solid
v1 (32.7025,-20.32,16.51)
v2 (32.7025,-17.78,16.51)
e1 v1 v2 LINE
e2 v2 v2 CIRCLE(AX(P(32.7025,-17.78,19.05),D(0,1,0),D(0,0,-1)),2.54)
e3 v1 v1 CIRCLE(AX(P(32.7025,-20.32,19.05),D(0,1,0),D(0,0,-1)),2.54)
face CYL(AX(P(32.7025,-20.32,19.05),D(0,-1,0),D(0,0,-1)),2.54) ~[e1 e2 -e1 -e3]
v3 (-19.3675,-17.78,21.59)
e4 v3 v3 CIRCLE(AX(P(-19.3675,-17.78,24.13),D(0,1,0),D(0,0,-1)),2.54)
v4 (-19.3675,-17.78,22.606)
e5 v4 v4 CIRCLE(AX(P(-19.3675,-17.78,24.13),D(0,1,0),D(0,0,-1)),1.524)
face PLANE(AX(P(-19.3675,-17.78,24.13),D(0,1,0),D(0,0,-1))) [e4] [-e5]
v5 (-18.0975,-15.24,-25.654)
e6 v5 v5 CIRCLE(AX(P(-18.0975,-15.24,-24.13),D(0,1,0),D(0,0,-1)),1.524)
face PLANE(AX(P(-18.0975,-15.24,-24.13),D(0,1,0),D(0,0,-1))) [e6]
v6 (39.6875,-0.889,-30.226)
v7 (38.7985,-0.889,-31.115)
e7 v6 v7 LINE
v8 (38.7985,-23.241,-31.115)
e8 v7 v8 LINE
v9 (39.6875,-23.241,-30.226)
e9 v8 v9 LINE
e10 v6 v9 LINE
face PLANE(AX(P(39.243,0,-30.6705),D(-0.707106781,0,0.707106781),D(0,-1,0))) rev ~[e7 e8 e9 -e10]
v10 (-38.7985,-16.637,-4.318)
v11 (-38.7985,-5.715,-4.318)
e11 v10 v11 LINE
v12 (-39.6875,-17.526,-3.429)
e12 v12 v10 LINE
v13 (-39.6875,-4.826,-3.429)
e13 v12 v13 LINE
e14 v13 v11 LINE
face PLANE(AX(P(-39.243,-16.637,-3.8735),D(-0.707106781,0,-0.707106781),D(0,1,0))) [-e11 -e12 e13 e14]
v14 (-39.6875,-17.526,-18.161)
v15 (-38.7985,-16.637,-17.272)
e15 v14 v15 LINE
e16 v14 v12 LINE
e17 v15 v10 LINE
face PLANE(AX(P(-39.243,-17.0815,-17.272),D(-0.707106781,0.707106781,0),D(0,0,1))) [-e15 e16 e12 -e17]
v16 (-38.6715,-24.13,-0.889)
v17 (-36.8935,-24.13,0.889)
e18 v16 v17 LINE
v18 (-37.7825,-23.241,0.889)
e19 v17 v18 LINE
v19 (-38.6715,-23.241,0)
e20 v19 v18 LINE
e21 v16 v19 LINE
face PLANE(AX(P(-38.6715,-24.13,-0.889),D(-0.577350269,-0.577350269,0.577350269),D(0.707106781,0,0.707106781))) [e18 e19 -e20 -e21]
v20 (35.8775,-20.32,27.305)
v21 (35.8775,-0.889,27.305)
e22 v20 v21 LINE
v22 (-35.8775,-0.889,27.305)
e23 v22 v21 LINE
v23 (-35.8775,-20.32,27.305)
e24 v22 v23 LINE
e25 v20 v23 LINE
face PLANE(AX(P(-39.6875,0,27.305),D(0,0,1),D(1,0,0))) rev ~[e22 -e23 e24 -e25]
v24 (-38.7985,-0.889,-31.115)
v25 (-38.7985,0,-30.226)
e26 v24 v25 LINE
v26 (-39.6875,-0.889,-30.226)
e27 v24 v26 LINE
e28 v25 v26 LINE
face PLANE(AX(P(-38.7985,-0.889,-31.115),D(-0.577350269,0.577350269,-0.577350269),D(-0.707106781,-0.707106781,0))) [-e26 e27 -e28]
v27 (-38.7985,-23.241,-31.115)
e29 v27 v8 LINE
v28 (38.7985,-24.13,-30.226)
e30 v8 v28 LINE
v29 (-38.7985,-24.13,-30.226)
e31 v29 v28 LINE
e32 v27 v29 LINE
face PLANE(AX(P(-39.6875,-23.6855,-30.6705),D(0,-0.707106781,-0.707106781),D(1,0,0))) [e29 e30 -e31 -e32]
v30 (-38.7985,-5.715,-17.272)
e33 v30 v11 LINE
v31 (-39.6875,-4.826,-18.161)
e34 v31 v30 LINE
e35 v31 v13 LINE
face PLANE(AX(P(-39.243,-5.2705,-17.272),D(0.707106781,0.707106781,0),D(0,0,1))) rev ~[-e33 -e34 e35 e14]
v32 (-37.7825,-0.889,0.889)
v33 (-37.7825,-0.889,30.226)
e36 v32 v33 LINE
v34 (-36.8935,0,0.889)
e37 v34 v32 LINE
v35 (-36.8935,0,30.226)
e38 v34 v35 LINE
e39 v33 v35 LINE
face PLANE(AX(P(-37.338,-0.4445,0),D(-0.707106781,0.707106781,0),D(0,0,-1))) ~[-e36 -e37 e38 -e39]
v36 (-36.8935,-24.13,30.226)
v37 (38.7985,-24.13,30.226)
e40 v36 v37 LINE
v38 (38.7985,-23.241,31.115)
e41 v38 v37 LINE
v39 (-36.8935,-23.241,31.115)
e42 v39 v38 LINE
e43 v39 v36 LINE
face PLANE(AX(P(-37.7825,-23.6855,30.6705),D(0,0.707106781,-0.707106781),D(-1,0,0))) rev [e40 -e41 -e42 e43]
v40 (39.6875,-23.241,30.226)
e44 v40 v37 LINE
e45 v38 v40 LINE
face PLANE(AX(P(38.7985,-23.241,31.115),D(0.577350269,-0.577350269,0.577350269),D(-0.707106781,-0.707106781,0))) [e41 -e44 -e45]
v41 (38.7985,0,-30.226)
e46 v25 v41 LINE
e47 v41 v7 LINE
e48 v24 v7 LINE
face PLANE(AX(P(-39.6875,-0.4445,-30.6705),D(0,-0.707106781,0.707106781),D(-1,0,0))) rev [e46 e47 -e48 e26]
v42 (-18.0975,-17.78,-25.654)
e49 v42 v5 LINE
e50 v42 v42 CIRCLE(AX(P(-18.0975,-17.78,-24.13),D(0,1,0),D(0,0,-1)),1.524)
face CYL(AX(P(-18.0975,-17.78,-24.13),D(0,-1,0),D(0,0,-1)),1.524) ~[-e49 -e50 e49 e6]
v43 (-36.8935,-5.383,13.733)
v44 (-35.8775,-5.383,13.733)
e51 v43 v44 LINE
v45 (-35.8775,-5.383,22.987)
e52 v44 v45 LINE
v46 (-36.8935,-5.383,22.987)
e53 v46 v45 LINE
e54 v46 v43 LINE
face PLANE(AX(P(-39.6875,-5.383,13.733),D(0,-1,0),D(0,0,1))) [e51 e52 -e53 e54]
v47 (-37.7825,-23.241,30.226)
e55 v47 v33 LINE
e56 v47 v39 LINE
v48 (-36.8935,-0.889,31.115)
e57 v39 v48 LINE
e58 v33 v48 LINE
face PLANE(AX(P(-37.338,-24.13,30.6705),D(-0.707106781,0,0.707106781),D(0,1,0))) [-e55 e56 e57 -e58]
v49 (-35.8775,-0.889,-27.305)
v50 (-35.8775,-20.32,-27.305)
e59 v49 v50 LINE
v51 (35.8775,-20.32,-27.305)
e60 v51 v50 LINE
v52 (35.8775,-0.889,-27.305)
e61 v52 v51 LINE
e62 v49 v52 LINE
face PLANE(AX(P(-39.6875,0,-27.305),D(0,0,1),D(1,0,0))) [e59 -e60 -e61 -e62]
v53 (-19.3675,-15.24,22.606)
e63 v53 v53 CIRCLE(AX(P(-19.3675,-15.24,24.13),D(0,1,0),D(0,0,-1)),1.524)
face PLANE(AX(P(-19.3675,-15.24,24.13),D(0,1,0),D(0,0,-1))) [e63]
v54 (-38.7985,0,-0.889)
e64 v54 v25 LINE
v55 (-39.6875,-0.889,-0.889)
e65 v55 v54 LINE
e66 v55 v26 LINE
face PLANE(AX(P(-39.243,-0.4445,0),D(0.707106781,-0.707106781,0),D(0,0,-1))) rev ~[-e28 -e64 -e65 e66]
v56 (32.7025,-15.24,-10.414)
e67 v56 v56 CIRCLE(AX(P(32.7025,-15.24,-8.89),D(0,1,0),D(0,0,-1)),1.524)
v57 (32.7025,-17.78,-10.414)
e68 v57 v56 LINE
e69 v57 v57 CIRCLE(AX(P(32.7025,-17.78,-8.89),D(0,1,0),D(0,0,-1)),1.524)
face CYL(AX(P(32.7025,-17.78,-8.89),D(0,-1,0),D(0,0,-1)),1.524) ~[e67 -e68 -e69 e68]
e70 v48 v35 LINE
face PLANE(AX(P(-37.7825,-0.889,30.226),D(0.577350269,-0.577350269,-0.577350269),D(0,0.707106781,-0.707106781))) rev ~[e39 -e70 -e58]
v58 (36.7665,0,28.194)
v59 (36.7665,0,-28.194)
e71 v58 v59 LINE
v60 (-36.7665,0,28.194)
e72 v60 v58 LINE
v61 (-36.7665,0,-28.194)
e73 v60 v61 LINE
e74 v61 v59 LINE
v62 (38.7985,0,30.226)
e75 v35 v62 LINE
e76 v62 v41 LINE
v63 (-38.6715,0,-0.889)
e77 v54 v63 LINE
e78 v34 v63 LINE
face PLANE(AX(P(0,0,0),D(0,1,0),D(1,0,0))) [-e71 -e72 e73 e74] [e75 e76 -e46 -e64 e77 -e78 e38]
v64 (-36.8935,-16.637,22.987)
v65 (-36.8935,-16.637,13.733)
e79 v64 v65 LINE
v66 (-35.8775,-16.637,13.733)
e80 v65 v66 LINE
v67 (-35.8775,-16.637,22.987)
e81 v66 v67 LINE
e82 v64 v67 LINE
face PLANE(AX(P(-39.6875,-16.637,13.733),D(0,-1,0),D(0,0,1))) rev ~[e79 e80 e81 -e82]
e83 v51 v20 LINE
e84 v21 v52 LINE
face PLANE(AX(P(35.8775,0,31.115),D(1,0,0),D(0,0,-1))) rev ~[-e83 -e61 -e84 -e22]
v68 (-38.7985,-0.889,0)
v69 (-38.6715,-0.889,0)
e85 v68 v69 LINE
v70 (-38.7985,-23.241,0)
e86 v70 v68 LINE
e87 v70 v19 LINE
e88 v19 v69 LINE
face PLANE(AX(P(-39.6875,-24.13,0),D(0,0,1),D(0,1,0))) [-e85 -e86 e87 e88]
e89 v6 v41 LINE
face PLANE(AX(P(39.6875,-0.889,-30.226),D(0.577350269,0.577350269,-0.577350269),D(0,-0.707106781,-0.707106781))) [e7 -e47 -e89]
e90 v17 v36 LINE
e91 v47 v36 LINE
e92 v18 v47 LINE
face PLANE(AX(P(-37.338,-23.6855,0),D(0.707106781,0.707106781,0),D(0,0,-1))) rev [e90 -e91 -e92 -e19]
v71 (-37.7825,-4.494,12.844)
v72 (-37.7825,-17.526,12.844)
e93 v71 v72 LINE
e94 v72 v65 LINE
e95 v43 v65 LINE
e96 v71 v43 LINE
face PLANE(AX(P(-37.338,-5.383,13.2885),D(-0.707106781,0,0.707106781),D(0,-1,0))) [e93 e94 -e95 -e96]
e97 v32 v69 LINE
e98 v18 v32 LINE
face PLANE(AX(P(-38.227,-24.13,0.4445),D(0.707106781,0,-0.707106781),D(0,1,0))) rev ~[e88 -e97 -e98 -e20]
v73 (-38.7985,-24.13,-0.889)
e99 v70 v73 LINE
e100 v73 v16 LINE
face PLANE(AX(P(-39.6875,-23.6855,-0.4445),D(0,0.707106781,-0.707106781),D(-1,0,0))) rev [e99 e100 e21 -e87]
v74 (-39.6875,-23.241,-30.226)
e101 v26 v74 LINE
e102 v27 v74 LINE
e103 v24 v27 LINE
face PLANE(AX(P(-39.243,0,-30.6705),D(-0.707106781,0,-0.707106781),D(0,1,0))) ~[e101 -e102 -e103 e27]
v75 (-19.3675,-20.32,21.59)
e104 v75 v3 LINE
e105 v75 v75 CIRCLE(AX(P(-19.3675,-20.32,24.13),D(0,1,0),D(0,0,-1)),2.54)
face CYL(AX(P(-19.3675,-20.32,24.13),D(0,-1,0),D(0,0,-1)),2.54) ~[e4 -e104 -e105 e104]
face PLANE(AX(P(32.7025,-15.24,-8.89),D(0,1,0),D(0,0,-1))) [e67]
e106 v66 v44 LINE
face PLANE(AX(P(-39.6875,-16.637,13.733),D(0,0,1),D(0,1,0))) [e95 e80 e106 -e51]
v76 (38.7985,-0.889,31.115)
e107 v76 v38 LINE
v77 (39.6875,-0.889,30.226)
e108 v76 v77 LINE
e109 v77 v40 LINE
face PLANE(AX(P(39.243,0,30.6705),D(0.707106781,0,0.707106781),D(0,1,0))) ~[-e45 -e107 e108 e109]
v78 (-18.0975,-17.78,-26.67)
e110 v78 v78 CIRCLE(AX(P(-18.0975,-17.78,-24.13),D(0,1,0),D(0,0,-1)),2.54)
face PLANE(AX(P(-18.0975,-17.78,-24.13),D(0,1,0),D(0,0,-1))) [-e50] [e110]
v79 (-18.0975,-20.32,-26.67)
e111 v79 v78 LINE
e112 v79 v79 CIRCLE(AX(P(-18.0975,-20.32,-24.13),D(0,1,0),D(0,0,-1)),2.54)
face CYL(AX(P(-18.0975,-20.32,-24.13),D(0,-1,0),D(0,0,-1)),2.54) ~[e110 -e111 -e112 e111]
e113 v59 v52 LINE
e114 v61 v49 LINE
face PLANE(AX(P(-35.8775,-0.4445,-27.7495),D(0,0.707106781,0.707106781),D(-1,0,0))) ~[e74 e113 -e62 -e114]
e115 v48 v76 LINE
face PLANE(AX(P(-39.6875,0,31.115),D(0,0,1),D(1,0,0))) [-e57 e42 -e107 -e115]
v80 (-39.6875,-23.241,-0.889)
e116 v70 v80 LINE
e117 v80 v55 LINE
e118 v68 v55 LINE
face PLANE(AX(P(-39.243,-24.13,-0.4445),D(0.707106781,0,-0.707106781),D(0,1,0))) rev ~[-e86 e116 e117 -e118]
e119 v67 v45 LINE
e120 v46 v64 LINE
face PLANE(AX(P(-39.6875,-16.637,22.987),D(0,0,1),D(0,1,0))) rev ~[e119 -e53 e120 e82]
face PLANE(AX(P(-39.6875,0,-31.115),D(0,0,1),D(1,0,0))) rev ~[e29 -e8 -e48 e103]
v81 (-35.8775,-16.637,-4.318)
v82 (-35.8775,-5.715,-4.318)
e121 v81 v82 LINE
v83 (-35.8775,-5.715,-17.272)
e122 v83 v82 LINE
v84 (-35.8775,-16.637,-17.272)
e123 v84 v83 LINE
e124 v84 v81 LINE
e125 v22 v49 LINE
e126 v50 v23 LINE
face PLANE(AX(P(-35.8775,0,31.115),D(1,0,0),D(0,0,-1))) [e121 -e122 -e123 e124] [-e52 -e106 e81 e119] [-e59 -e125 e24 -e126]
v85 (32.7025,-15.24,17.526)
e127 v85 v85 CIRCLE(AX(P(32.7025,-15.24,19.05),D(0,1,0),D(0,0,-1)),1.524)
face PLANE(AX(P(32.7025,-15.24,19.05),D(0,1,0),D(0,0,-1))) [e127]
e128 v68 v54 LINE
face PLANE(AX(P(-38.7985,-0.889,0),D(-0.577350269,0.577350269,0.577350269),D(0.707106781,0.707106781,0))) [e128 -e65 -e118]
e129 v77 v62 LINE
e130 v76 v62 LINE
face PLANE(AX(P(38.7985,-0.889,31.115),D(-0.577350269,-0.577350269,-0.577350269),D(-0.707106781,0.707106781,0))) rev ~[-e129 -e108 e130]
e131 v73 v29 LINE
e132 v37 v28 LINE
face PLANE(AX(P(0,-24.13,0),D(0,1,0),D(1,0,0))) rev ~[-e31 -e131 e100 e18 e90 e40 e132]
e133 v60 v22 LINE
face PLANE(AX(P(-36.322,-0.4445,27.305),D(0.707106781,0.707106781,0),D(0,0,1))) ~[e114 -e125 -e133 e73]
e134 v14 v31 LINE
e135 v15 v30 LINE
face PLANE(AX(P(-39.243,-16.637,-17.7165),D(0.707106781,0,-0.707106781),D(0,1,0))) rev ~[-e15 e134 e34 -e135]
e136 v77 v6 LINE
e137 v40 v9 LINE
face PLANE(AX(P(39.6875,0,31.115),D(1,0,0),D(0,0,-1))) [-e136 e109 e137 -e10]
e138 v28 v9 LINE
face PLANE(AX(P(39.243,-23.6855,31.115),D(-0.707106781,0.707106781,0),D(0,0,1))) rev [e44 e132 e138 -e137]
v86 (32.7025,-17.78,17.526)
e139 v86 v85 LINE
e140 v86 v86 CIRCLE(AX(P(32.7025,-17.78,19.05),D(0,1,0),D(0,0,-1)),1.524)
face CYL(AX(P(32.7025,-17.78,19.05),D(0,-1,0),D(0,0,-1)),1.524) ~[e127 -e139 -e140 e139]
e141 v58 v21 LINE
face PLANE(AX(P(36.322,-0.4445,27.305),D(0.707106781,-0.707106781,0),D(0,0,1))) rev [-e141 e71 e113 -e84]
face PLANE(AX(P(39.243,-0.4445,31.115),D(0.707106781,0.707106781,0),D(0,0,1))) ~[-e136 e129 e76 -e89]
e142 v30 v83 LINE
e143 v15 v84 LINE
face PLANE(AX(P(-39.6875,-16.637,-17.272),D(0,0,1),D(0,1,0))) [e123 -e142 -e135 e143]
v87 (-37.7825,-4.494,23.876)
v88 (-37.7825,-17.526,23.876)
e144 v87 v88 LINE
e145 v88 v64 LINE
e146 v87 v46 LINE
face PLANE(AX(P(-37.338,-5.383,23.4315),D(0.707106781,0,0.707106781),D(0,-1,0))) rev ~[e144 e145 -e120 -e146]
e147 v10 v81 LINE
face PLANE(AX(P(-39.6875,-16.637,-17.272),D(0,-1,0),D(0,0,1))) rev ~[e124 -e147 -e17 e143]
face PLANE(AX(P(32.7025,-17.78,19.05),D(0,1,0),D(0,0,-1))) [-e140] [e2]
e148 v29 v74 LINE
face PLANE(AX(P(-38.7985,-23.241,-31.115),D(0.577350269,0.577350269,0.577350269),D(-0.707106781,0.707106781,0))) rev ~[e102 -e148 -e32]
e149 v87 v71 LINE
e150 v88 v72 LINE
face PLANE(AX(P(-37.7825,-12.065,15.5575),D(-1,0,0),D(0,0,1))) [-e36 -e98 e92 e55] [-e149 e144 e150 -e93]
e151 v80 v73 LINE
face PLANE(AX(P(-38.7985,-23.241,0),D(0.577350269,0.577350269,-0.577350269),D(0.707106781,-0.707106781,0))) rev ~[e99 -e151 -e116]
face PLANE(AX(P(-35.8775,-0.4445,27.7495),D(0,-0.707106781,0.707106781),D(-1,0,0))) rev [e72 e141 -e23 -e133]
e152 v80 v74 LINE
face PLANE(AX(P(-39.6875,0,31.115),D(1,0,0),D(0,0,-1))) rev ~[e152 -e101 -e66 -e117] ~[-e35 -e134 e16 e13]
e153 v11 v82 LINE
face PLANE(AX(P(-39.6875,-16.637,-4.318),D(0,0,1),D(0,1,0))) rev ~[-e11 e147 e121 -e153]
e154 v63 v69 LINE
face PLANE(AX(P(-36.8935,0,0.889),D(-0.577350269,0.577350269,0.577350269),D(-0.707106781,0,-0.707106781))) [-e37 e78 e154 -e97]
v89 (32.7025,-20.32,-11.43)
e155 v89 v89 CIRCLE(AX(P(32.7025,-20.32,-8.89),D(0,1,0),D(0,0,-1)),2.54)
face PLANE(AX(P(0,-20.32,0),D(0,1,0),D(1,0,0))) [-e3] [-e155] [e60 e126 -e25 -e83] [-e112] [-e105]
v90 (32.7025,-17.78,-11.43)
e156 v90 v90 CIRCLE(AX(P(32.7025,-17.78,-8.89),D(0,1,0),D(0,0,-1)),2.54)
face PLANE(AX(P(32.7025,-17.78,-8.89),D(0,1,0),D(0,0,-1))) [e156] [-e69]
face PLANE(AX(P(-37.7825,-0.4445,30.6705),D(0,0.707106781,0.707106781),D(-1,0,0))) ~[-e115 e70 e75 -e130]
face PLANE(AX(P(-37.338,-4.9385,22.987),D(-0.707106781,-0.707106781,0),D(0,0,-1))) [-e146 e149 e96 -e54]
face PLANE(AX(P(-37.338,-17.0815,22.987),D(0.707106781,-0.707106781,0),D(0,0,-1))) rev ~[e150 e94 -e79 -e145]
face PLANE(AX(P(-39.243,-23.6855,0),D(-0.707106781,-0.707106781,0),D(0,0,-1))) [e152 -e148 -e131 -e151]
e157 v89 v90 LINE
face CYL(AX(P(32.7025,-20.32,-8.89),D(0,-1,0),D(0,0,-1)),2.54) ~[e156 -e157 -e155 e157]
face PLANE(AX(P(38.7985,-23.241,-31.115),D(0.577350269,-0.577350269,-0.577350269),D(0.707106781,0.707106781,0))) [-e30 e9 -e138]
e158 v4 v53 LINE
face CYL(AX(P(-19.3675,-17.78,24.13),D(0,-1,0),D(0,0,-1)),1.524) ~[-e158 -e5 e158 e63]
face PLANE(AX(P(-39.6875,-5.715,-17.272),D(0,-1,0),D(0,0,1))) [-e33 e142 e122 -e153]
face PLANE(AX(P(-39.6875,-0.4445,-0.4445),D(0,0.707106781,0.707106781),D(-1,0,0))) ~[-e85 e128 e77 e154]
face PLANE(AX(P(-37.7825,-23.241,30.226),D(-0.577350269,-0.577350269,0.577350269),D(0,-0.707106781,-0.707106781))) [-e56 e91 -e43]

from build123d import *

# Parameters (mm, degrees)
SKETCH1_W           = 79.375
SKETCH1_H           = 62.23
BOSS_EXTRUDE1_DEPTH = 24.13
SHELL1_T            = -3.81
RISER_BASE_SKETCH_R = 2.54
BOSS_EXTRUDE3_DEPTH = 2.54
SKETCH9_R           = 1.524
BOSS_EXTRUDE4_DEPTH = 2.54
SKETCH10_W          = 12.954
SKETCH10_H          = 10.922
CUT_EXTRUDE1_DEPTH  = 3.81
SKETCH12_W          = 9.254
SKETCH12_H          = 11.254
CUT_EXTRUDE2_DEPTH  = 3.81
SKETCH13_W          = 31.115
SKETCH13_H          = 24.13
CUT_EXTRUDE3_DEPTH  = 1.905
CHAMFER1_SIZE       = 0.889


with BuildPart() as part:
    # Sketch1 → Boss-Extrude1 (new body)
    with BuildSketch(Plane(origin=(0, 0, 0), x_dir=(1, 0, 0), z_dir=(0, 1, 0))):
        Rectangle(SKETCH1_W, SKETCH1_H)
    extrude(amount=-BOSS_EXTRUDE1_DEPTH)

    # Shell1
    shell1_openings = [part.faces().sort_by_distance(p)[0] for p in [
        (0, 0, 0),
    ]]
    offset(amount=SHELL1_T, openings=shell1_openings, kind=Kind.INTERSECTION)

    # riser base sketch → Boss-Extrude3 (add)
    with BuildSketch(Plane(origin=(0, -20.32, 0), x_dir=(1, 0, 0), z_dir=(0, 1, 0))):
        with Locations(Location((32.7025, 8.89, 0), (0, 0, 90))):
            Circle(RISER_BASE_SKETCH_R)
        with Locations(Location((-18.0975, 24.13, 0), (0, 0, 90))):
            Circle(RISER_BASE_SKETCH_R)
        with Locations(Location((-19.3675, -24.13, 0), (0, 0, 90))):
            Circle(RISER_BASE_SKETCH_R)
        with Locations(Location((32.7025, -19.05, 0), (0, 0, 90))):
            Circle(RISER_BASE_SKETCH_R)
    extrude(amount=BOSS_EXTRUDE3_DEPTH)

    # Sketch9 → Boss-Extrude4 (add)
    with BuildSketch(Plane(origin=(0, -17.78, 0), x_dir=(-1, 0, 0), z_dir=(0, 1, 0))):
        with Locations(Location((19.3675, 24.13, 0), (0, 0, 270))):
            Circle(SKETCH9_R)
        with Locations(Location((-32.7025, 19.05, 0), (0, 0, 270))):
            Circle(SKETCH9_R)
        with Locations(Location((-32.7025, -8.89, 0), (0, 0, 270))):
            Circle(SKETCH9_R)
        with Locations(Location((18.0975, -24.13, 0), (0, 0, 270))):
            Circle(SKETCH9_R)
    extrude(amount=BOSS_EXTRUDE4_DEPTH)

    # Sketch10 → Cut-Extrude1 (cut)
    with BuildSketch(Plane.ZY.offset(39.6875)):
        with Locations((-10.795, -11.176)):
            Rectangle(SKETCH10_W, SKETCH10_H)
    extrude(amount=-CUT_EXTRUDE1_DEPTH, mode=Mode.SUBTRACT)

    # Sketch12 → Cut-Extrude2 (cut)
    with BuildSketch(Plane.ZY.offset(39.6875)):
        with Locations((18.36, -11.01)):
            Rectangle(SKETCH12_W, SKETCH12_H)
    extrude(amount=-CUT_EXTRUDE2_DEPTH, mode=Mode.SUBTRACT)

    # Sketch13 → Cut-Extrude3 (cut)
    with BuildSketch(Plane.ZY.offset(39.6875)):
        with Locations((15.5575, -12.065)):
            Rectangle(SKETCH13_W, SKETCH13_H)
    extrude(amount=-CUT_EXTRUDE3_DEPTH, mode=Mode.SUBTRACT)

    # Chamfer1
    chamfer1_edges = [part.edges().sort_by_distance(p)[0] for p in [
        (-39.6875, -24.13, -15.5575),
        (35.8775, 0, 0),
        (0, 0, -27.305),
        (-35.8775, 0, 0),
        (0, 0, 27.305),
        (39.6875, -24.13, 0),
        (-39.6875, 0, -15.5575),
        (0, 0, -31.115),
        (39.6875, 0, 0),
        (-39.6875, -11.176, -17.272),
        (-39.6875, -16.637, -10.795),
        (-39.6875, -11.176, -4.318),
        (-39.6875, -5.715, -10.795),
        (0, -24.13, -31.115),
        (39.6875, -12.065, 31.115),
        (-39.6875, -12.065, -31.115),
        (39.6875, -12.065, -31.115),
        (-37.7825, -16.637, 18.36),
        (0.9525, -24.13, 31.115),
        (0.9525, 0, 31.115),
        (-39.6875, -12.065, 0),
        (-37.7825, -12.065, 31.115),
        (-37.7825, -24.13, 15.5575),
        (-37.7825, -12.065, 0),
        (-38.735, -24.13, 0),
        (-37.7825, 0, 15.5575),
        (-38.735, 0, 0),
        (-37.7825, -11.01, 13.733),
        (-37.7825, -5.383, 18.36),
        (-37.7825, -11.01, 22.987),
    ]]
    chamfer(chamfer1_edges, length=CHAMFER1_SIZE)


solid = part.part
